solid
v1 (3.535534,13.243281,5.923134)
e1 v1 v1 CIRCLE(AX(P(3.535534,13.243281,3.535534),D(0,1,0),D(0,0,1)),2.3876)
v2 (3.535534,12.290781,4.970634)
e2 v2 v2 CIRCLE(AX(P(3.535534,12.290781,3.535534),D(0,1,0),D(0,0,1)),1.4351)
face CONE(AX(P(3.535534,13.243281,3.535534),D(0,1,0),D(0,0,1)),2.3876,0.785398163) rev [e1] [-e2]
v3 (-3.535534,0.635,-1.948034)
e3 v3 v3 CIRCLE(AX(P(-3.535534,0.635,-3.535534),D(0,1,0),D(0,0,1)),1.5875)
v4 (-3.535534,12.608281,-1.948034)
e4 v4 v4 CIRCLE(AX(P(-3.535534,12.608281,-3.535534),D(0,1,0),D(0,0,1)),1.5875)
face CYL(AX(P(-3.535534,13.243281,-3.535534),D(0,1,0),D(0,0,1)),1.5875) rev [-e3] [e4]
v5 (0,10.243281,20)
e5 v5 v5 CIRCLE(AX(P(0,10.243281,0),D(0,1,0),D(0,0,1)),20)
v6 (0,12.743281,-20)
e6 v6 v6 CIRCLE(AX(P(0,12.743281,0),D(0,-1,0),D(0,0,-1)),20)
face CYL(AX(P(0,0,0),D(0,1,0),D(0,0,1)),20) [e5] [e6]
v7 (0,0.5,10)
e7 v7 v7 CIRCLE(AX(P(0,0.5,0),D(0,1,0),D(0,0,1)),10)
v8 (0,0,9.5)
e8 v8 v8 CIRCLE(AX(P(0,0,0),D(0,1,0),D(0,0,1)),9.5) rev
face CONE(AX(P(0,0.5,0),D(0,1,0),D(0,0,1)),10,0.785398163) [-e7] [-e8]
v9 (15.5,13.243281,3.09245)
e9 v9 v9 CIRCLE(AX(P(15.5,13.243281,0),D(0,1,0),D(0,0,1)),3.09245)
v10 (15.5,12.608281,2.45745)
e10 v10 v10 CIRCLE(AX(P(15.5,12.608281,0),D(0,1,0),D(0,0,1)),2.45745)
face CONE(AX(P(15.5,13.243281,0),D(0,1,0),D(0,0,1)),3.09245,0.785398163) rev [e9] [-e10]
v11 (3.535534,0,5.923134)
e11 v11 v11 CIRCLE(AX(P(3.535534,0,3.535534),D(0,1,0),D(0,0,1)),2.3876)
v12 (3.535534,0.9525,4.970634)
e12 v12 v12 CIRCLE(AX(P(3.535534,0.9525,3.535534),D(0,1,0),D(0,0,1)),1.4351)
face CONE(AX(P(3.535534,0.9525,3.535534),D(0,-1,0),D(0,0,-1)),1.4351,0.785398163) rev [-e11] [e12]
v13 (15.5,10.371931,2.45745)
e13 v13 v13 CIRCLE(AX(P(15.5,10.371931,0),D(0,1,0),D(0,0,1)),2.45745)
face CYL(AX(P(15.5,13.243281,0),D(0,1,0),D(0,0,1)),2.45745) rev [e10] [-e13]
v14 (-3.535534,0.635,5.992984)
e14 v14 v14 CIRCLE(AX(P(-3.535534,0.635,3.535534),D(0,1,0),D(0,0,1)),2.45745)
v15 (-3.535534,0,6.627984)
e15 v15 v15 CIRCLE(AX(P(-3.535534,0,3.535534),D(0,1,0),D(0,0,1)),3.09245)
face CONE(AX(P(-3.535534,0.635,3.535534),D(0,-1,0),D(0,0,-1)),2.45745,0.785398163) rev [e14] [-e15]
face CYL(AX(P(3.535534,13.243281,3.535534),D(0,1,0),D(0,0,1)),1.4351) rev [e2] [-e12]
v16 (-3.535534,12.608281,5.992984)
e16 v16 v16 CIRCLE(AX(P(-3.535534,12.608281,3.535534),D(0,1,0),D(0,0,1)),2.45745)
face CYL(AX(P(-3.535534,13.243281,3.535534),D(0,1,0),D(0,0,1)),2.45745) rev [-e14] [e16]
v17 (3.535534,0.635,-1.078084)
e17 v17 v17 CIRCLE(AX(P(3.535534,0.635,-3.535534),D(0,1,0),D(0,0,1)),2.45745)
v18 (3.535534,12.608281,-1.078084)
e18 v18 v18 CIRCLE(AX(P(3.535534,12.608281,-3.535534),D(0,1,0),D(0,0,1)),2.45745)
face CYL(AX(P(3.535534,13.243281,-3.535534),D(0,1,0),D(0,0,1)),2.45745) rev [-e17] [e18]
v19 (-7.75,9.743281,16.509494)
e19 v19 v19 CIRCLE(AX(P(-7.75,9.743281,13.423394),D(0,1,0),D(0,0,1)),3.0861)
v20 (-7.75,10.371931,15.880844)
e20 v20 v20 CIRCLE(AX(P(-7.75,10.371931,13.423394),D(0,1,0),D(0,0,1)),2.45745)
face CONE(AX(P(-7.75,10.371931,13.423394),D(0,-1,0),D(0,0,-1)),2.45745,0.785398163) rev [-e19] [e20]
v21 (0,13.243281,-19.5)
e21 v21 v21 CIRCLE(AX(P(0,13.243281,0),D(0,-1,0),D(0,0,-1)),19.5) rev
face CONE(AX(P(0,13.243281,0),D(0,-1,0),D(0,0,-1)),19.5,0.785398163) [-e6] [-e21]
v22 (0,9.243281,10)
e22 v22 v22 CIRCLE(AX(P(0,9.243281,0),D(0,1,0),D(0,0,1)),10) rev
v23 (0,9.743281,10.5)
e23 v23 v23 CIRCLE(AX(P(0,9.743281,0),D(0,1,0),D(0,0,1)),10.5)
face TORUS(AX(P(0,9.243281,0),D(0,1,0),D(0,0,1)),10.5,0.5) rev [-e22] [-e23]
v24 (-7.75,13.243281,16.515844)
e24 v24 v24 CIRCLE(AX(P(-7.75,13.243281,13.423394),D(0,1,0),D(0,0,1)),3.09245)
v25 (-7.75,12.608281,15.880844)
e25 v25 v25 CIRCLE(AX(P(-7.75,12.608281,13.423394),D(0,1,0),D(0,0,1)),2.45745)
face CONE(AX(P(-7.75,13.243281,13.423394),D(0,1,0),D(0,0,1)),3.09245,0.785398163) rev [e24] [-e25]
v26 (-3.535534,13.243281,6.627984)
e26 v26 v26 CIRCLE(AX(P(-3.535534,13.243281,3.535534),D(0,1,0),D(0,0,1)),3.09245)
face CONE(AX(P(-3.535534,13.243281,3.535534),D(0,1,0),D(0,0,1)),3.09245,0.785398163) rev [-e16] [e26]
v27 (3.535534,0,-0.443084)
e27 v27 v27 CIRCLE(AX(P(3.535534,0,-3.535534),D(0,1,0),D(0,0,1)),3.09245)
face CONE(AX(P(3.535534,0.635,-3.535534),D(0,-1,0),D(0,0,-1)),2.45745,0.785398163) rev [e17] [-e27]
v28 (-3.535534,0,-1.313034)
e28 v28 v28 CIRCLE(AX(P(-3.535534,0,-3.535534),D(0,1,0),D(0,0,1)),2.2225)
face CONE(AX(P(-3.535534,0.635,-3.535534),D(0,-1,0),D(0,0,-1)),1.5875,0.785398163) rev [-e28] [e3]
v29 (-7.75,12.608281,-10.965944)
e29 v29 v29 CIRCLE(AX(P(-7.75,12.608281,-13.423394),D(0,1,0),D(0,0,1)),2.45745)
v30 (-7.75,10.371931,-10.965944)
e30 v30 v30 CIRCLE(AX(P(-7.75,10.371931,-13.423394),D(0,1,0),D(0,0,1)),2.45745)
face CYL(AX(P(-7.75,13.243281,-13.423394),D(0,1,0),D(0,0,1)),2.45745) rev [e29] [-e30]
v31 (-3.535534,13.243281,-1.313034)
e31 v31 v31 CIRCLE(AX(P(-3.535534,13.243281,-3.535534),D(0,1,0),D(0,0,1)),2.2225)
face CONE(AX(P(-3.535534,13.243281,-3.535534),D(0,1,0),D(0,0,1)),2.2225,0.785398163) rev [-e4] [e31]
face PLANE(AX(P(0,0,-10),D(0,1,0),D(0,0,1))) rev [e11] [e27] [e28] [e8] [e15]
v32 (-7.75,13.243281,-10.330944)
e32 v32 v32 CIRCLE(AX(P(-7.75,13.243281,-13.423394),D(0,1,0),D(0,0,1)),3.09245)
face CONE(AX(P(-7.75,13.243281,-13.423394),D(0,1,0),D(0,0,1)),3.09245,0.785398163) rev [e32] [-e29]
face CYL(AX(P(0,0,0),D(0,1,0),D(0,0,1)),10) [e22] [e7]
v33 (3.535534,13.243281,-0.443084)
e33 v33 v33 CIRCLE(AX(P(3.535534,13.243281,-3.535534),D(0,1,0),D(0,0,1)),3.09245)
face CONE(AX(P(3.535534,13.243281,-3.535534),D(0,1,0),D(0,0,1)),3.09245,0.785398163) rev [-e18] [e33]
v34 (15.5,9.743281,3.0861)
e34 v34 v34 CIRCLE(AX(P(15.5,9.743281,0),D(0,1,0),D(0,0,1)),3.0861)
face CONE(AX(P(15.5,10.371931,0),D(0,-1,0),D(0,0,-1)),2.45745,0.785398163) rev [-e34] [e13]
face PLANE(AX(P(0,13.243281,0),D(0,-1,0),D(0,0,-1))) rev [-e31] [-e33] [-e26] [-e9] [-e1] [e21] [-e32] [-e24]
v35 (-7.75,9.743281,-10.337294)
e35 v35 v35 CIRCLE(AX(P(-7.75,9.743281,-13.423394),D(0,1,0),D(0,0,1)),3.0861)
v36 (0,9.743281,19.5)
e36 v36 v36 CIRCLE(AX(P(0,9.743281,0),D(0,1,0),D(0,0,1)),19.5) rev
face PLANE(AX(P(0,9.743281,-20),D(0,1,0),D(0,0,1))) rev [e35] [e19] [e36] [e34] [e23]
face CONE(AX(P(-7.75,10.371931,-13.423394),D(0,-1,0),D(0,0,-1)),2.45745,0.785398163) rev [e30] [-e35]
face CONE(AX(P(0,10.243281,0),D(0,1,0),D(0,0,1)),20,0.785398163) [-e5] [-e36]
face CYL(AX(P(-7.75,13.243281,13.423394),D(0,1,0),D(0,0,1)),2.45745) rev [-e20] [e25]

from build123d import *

# Parameters (mm, degrees)
F_8_CLEARANCE_HOLE2_AT_2_COUNT = 2
F_8_CLEARANCE_HOLE2_AT_2_PITCH = 10
F_8_CLEARANCE_HOLE1_AT_2_COUNT = 2
F_8_CLEARANCE_HOLE1_AT_2_PITCH = 26.846787517
F_8_CLEARANCE_HOLE1_AT_3_COUNT = 2
F_8_CLEARANCE_HOLE1_AT_3_PITCH = 26.846787517
CHAMFER1_SIZE                  = 0.5
FILLET1_R                      = 0.5


with BuildPart() as part:
    # Sketch1 → Revolve1 (revolve)
    with BuildSketch(Plane(origin=(0, 0, 0), x_dir=(0, 0, -1), z_dir=(1, 0, 0)), mode=Mode.PRIVATE) as revolve1_sk:
        Polygon((0, 0), (0, 13.2432806), (20, 13.2432806), (20, 9.7432806), (10, 9.7432806), (10, 0), align=None)
    revolve(revolve1_sk.sketch.rotate(Axis((0, 0, 0), (0, -1, 0)), 180), axis=Axis((0, 0, 0), (0, -1, 0)))  # turned: the seam where the file's is

    # Sketch4 → #8 Clearance Hole2 (revolve, cut)
    with BuildSketch(Plane(origin=(3.535533906, 13.2432806, -3.535533906), x_dir=(0, 0, 1), z_dir=(1, 0, 0))):
        Polygon((0, 0), (0, 13.2432806), (3.09245, 13.2432806), (2.45745, 12.6082806), (2.45745, 0.635), (3.09245, 0), align=None)
    f_8_clearance_hole2 = revolve(axis=Axis((3.535533906, 19.5932806, -3.535533906), (0, -1, 0)), mode=Mode.SUBTRACT)

    # #8 Clearance Hole2 at 2: #8 Clearance Hole2 ×2
    with Locations(*[Vector(-0.707106781, 0, 0.707106781) * (i * F_8_CLEARANCE_HOLE2_AT_2_PITCH) for i in range(1, F_8_CLEARANCE_HOLE2_AT_2_COUNT)]):
        add(f_8_clearance_hole2, mode=Mode.SUBTRACT)

    # Sketch5 → 1/8 (0.125) Diameter Hole1 (revolve, cut)
    with BuildSketch(Plane(origin=(-3.535533906, 13.2432806, -3.535533906), x_dir=(0, 0, 1), z_dir=(1, 0, 0))):
        Polygon((0, 0), (0, 13.2432806), (2.2225, 13.2432806), (1.5875, 12.6082806), (1.5875, 0.635), (2.2225, 0), align=None)
    revolve(axis=Axis((-3.535533906, 19.5932806, -3.535533906), (0, -1, 0)), mode=Mode.SUBTRACT)

    # Sketch8 → #8 Clearance Hole1 (revolve, cut)
    with BuildSketch(Plane(origin=(-7.75, 13.2432806, -13.423393759), x_dir=(0, 0, 1), z_dir=(1, 0, 0))):
        Polygon((0, 0), (0, 3.5), (3.0861, 3.5), (2.45745, 2.87135), (2.45745, 0.635), (3.09245, 0), align=None)
    f_8_clearance_hole1 = revolve(axis=Axis((-7.75, 19.5932806, -13.423393759), (0, -1, 0)), mode=Mode.SUBTRACT)

    # #8 Clearance Hole1 at 2: #8 Clearance Hole1 ×2
    with Locations(*[Vector(0.866025404, 0, 0.5) * (i * F_8_CLEARANCE_HOLE1_AT_2_PITCH) for i in range(1, F_8_CLEARANCE_HOLE1_AT_2_COUNT)]):
        add(f_8_clearance_hole1, mode=Mode.SUBTRACT)

    # #8 Clearance Hole1 at 3: #8 Clearance Hole1 ×2
    with Locations(*[(0, 0, i * F_8_CLEARANCE_HOLE1_AT_3_PITCH) for i in range(1, F_8_CLEARANCE_HOLE1_AT_3_COUNT)]):
        add(f_8_clearance_hole1, mode=Mode.SUBTRACT)

    # Sketch10 → #6-40 Tapped Hole1 (revolve, cut)
    with BuildSketch(Plane(origin=(3.535533906, 13.2432806, 3.535533906), x_dir=(0, 0, 1), z_dir=(1, 0, 0))):
        Polygon((0, 0), (0, 13.2432806), (2.3876, 13.2432806), (1.4351, 12.2907806), (1.4351, 0.9525), (2.3876, 0), align=None)
    revolve(axis=Axis((3.535533906, 19.5932806, 3.535533906), (0, -1, 0)), mode=Mode.SUBTRACT)

    # Chamfer1
    chamfer1_edges = [part.edges().sort_by_distance(p)[0] for p in [
        (0, 0, -10),
        (0, 9.7432806, -20),
        (0, 13.2432806, -20),
    ]]
    chamfer(chamfer1_edges, length=CHAMFER1_SIZE)

    # Fillet1
    fillet1_edges = [part.edges().sort_by_distance(p)[0] for p in [
        (0, 9.7432806, -10),
    ]]
    fillet(fillet1_edges, radius=FILLET1_R)


solid = part.part
